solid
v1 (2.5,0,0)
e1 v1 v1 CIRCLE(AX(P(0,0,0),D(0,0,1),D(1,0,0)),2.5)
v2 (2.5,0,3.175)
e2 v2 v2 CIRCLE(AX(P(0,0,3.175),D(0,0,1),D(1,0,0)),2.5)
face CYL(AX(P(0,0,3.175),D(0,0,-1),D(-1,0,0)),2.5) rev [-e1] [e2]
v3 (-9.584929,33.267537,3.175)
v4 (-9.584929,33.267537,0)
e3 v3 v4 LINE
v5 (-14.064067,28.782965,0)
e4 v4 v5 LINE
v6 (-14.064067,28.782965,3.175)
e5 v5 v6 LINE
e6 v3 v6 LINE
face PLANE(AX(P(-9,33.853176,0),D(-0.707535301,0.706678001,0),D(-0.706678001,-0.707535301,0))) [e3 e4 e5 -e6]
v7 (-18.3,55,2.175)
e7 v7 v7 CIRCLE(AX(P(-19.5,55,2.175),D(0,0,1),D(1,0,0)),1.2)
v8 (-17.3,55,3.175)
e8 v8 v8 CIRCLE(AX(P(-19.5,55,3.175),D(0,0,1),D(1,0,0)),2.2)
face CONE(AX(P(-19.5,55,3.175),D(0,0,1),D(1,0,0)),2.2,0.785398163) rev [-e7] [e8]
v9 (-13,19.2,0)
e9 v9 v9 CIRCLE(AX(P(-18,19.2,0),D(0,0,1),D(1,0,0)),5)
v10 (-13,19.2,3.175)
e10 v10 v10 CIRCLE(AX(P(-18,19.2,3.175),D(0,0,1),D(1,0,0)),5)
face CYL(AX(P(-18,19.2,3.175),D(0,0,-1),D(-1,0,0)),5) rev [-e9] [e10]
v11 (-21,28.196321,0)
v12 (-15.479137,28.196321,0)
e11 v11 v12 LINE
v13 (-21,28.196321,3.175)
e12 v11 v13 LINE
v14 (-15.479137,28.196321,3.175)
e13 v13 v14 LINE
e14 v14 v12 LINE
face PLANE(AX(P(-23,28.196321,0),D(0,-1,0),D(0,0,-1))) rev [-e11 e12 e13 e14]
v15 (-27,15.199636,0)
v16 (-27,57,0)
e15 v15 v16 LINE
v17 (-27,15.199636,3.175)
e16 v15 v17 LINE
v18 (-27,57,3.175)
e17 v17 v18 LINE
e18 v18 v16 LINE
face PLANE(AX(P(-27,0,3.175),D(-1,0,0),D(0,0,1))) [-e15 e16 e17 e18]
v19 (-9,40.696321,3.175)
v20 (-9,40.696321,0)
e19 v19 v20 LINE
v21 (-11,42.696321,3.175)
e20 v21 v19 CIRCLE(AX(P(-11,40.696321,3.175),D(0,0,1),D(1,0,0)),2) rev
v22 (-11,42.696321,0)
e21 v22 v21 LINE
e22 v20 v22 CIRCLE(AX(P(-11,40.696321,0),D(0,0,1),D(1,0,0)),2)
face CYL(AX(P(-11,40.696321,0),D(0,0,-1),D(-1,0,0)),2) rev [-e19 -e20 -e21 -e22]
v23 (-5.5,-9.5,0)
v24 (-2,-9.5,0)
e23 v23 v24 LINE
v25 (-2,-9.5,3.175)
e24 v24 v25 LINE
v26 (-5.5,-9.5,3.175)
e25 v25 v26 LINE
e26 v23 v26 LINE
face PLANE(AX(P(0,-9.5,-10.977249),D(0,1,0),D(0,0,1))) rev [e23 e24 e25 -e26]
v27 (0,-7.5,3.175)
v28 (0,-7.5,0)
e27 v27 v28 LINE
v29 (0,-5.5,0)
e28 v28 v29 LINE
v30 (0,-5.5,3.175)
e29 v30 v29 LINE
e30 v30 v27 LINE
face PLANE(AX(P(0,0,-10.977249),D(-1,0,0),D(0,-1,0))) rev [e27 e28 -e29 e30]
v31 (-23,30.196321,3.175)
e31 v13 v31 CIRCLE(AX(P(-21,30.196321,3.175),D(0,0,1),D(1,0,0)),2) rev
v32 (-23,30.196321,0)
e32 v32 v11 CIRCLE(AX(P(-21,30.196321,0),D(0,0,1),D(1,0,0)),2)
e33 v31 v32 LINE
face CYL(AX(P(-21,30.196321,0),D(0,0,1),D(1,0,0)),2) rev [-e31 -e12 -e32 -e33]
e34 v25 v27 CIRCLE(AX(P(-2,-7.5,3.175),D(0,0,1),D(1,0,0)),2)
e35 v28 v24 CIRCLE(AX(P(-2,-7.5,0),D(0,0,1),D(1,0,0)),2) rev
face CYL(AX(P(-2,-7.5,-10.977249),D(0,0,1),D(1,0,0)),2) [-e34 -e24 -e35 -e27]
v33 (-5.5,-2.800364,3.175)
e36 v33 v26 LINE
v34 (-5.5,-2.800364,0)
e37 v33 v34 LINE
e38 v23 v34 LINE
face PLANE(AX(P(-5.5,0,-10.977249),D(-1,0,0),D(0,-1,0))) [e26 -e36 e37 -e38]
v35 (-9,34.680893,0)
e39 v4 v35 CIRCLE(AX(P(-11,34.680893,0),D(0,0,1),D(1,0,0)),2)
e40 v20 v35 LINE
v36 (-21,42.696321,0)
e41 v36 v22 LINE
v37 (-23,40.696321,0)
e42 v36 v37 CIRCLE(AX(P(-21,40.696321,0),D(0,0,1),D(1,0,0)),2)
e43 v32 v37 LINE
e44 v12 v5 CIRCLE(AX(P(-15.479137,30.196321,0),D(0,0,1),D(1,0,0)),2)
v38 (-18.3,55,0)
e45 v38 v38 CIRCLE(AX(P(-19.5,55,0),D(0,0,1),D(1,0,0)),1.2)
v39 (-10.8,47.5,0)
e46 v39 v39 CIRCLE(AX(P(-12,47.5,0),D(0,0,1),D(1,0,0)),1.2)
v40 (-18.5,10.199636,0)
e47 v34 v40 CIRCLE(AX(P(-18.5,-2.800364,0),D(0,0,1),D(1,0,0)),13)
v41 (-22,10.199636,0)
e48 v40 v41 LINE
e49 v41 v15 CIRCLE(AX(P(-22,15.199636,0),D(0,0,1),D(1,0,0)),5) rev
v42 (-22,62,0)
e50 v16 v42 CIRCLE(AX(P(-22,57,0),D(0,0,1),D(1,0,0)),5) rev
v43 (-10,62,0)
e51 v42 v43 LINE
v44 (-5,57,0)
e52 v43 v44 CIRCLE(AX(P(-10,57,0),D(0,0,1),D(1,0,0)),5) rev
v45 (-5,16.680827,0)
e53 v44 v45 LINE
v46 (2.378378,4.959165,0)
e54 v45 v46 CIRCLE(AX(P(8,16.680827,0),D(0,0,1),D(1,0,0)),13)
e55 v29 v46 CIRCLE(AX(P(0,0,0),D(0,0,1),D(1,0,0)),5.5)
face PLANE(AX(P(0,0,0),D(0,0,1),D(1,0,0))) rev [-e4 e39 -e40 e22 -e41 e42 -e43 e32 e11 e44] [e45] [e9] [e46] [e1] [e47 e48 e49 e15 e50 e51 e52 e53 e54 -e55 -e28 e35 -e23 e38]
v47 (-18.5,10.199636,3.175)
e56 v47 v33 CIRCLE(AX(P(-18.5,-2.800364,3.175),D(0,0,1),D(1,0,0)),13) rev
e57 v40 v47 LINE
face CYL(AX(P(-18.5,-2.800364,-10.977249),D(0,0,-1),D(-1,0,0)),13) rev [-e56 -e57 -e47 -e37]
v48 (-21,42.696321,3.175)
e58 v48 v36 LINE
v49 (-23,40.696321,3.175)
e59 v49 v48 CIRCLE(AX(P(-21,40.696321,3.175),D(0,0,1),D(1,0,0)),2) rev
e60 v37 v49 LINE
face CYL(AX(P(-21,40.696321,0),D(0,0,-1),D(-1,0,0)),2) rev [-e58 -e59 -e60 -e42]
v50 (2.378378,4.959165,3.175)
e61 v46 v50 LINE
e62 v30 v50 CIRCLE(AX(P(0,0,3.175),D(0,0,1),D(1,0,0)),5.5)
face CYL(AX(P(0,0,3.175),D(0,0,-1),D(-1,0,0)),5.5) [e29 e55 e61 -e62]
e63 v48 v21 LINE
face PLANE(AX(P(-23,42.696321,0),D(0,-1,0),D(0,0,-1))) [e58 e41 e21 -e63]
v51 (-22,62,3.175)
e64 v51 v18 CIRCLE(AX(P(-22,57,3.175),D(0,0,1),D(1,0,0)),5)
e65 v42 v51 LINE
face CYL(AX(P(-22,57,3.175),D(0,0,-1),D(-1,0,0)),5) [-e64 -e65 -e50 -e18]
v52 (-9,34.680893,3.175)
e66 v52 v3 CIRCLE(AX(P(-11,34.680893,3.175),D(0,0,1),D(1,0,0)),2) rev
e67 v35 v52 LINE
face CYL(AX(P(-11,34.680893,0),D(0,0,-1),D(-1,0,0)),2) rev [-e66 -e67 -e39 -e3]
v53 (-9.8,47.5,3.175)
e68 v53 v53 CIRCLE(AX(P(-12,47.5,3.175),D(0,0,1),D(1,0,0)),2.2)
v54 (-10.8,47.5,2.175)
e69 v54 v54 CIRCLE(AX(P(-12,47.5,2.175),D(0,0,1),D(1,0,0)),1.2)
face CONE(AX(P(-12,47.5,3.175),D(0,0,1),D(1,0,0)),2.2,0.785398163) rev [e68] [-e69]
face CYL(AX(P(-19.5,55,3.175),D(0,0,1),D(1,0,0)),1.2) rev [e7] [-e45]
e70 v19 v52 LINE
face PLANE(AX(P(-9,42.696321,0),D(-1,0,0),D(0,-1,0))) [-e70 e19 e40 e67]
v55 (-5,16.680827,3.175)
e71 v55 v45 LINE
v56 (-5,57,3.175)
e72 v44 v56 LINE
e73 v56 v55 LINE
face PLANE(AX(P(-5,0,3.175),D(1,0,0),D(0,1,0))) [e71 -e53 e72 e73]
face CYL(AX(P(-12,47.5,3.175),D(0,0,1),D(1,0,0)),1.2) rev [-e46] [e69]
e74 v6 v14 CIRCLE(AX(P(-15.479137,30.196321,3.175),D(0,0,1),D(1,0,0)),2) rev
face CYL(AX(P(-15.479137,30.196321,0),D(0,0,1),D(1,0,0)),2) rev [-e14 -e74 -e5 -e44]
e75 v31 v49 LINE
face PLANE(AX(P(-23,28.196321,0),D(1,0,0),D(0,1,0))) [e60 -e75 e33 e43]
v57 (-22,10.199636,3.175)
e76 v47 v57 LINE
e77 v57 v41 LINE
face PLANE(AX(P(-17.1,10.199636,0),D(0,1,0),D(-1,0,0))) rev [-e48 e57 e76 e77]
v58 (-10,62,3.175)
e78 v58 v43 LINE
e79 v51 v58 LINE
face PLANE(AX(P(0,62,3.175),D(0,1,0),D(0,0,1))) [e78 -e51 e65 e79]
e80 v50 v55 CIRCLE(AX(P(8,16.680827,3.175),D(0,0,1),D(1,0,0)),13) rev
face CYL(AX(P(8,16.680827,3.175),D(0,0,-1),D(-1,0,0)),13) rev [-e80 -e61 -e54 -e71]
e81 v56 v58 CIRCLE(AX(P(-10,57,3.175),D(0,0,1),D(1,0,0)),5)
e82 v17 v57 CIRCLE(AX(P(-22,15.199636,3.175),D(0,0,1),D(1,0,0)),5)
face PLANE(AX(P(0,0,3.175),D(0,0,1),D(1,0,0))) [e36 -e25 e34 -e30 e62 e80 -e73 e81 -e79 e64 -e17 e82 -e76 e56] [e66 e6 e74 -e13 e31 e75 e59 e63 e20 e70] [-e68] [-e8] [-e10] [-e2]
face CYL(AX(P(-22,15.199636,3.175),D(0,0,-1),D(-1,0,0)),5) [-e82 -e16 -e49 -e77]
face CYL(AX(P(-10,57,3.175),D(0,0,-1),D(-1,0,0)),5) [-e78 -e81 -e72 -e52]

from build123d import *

# Parameters (mm, degrees)
SKETCH1_R                                       = 2.5
SKETCH1_R_2                                     = 5
BOSS_EXTRUDE1_DEPTH                             = 3.175
CSK_FOR_M2_FLAT_HEAD_MACHINE_SCREW3_D           = 2.4
CSK_FOR_M2_FLAT_HEAD_MACHINE_SCREW3_CSINK_D     = 4.4
CSK_FOR_M2_FLAT_HEAD_MACHINE_SCREW3_CSINK_ANGLE = 90
CUT_EXTRUDE2_DEPTH                              = 68.698453638
F_5MM_FILLET_R                                  = 5
F_2MM_FILLET_R                                  = 2
F_1MM_FILLET_R                                  = 1
CUT_EXTRUDE3_DEPTH                              = 68.698453638
FILLET1_R                                       = 5
BOSS_EXTRUDE2_DEPTH                             = 3.175
BOSS_EXTRUDE3_START                             = -3.175
SKETCH14_W                                      = 5.5
SKETCH14_H                                      = 4
BOSS_EXTRUDE3_DEPTH                             = 3.175
FILLET3_R                                       = 2
CUT_EXTRUDE6_DEPTH                              = 68.698453638
CUT_EXTRUDE6_DEPTH_BACK                         = 10
FILLET6_R                                       = 13
FILLET7_R                                       = 13


with BuildPart() as part:
    # Sketch1 → Boss-Extrude1 (new body)
    with BuildSketch(Plane.XY):
        with BuildLine():
            Line((0, -5.5), (-7, -5.5))
            Line((-7, -5.5), (-7, -9))
            Line((-7, -9), (-12, -9))
            Line((-12, -9), (-12, -2.5))
            Line((-12, -2.5), (-27, 4.494614872))
            Line((-27, 4.494614872), (-27, 62))
            Line((-27, 62), (-5, 62))
            Line((-5, 62), (-5, 32.19632141))
            Line((-5, 32.19632141), (-9, 28.19632141))
            Line((-9, 28.19632141), (-9, 10.265347478))
            Line((-9, 10.265347478), (2.32440044, 4.984692829))
            ThreePointArc((2.32440044, 4.984692829), (5.369628039, -1.190417877), (0, -5.5))
        make_face()
        Circle(SKETCH1_R, mode=Mode.SUBTRACT)
        with Locations((-18, 19.2)):
            Circle(SKETCH1_R_2, mode=Mode.SUBTRACT)
    extrude(amount=BOSS_EXTRUDE1_DEPTH)

    # CSK for M2 Flat Head Machine Screw3 (through all)
    with Locations(Plane.XY.offset(3.175)):
        with Locations((-19.5, 55), (-12, 47.5)):
            CounterSinkHole(CSK_FOR_M2_FLAT_HEAD_MACHINE_SCREW3_D / 2, CSK_FOR_M2_FLAT_HEAD_MACHINE_SCREW3_CSINK_D / 2, counter_sink_angle=CSK_FOR_M2_FLAT_HEAD_MACHINE_SCREW3_CSINK_ANGLE)

    # Sketch11 → Cut-Extrude2 (cut, through all)
    with BuildSketch(Plane.XY.offset(3.175)):
        Polygon((-23, 28.19632141), (-23, 42.69632141), (-9, 42.69632141), (-9, 33.85317566), (-14.65, 28.19632141), align=None)
    extrude(amount=-CUT_EXTRUDE2_DEPTH, mode=Mode.SUBTRACT)

    # 5mm_Fillet
    f_5mm_fillet_edges = [part.edges().sort_by_distance(p)[0] for p in [
        (-12, -2.5, 1.5875),
        (-27, 4.494614872, 1.5875),
        (-27, 62, 1.5875),
        (-5, 62, 1.5875),
        (-5, 32.19632141, 1.5875),
        (-9, 28.19632141, 1.5875),
        (-9, 10.265347478, 1.5875),
    ]]
    fillet(f_5mm_fillet_edges, radius=F_5MM_FILLET_R)

    # 2mm_Fillet
    f_2mm_fillet_edges = [part.edges().sort_by_distance(p)[0] for p in [
        (-14.65, 28.19632141, 1.5875),
        (-23, 28.19632141, 1.5875),
        (-23, 42.69632141, 1.5875),
        (-9, 42.69632141, 1.5875),
        (-9, 33.85317566, 1.5875),
    ]]
    fillet(f_2mm_fillet_edges, radius=F_2MM_FILLET_R)

    # 1mm_Fillet
    f_1mm_fillet_edges = [part.edges().sort_by_distance(p)[0] for p in [
        (-7, -5.5, 1.5875),
        (-7, -9, 1.5875),
    ]]
    fillet(f_1mm_fillet_edges, radius=F_1MM_FILLET_R)

    # Sketch12 → Cut-Extrude3 (cut, through all)
    with BuildSketch(Plane.XY.offset(3.175)):
        with BuildLine():
            Line((-27, 10.199636133), (-27, -4.690363867))
            Line((-27, -4.690363867), (-12.1, -4.690363867))
            Line((-12.1, -4.690363867), (-12.1, 5.199636133))
            ThreePointArc((-12.1, 5.199636133), (-13.564466094, 8.735170039), (-17.1, 10.199636133))
            Line((-17.1, 10.199636133), (-27, 10.199636133))
        make_face()
    extrude(amount=-CUT_EXTRUDE3_DEPTH, mode=Mode.SUBTRACT)

    # Fillet1
    fillet1_edges = [part.edges().sort_by_distance(p)[0] for p in [
        (-27, 10.199636133, 1.5875),
    ]]
    fillet(fillet1_edges, radius=FILLET1_R)

    # Sketch13 → Boss-Extrude2 (add)
    with BuildSketch(Plane.XY.offset(3.175)):
        with BuildLine():
            Line((-5, 34.267389222), (-5, 8.400116845))
            Line((-5, 8.400116845), (-6.113091309, 8.919159847))
            ThreePointArc((-6.113091309, 8.919159847), (-8.216957229, 10.76420074), (-9, 13.450698782))
            Line((-9, 13.450698782), (-9, 26.125253598))
            ThreePointArc((-9, 26.125253598), (-8.619397663, 28.03867076), (-7.535533906, 29.660787504))
            Line((-7.535533906, 29.660787504), (-6.464466094, 30.731855316))
            ThreePointArc((-6.464466094, 30.731855316), (-5.380602337, 32.35397206), (-5, 34.267389222))
        make_face()
    extrude(amount=-BOSS_EXTRUDE2_DEPTH)

    # Sketch14 → Boss-Extrude3 (add)
    with BuildSketch(Plane.XY.offset(3.175).offset(BOSS_EXTRUDE3_START)):
        with Locations((-2.75, -7.5)):
            Rectangle(SKETCH14_W, SKETCH14_H)
        with BuildLine():
            ThreePointArc((0, -5.5), (-3.889087297, -3.889087297), (-5.5, 0))
            Line((-5.5, 0), (-5.5, -5.5))
            Line((-5.5, -5.5), (0, -5.5))
        make_face()
    extrude(amount=BOSS_EXTRUDE3_DEPTH)

    # Fillet3
    fillet3_edges = [part.edges().sort_by_distance(p)[0] for p in [
        (0, -9.5, 1.5875),
    ]]
    fillet(fillet3_edges, radius=FILLET3_R)

    # Sketch15 → Cut-Extrude6 (cut, two sides: drawn at the far end of the back side and taken through both)
    with BuildSketch(Plane.XY.offset(3.175).offset(-CUT_EXTRUDE6_DEPTH_BACK)):
        with BuildLine():
            Line((-5.5, 10.199636133), (-17.1, 10.199636133))
            ThreePointArc((-17.1, 10.199636133), (-13.564466094, 8.735170039), (-12.1, 5.199636133))
            Line((-12.1, 5.199636133), (-12.1, -4.690363867))
            ThreePointArc((-12.1, -4.690363867), (-12.035186912, -5.09321027), (-12.003436692, -5.5))
            Line((-12.003436692, -5.5), (-6, -5.5))
            Line((-6, -5.5), (-5.5, -5.5))
            Line((-5.5, -5.5), (-5.5, 10.199636133))
        make_face()
    extrude(amount=CUT_EXTRUDE6_DEPTH + CUT_EXTRUDE6_DEPTH_BACK, mode=Mode.SUBTRACT)


with BuildPart() as body_2:
    # of the pieces the cut leaves, the one that is kept (cut_extrude6_keep)
    add(part.part.solids().sort_by_distance((0, -7.5, 0))[0])

    # Fillet6
    fillet6_edges = [body_2.edges().sort_by_distance(p)[0] for p in [
        (-5.5, 10.199636133, 1.5875),
    ]]
    fillet(fillet6_edges, radius=FILLET6_R)

    # Fillet7
    fillet7_edges = [body_2.edges().sort_by_distance(p)[0] for p in [
        (-5, 8.400116845, 1.5875),
    ]]
    fillet(fillet7_edges, radius=FILLET7_R)


solid = body_2.part
